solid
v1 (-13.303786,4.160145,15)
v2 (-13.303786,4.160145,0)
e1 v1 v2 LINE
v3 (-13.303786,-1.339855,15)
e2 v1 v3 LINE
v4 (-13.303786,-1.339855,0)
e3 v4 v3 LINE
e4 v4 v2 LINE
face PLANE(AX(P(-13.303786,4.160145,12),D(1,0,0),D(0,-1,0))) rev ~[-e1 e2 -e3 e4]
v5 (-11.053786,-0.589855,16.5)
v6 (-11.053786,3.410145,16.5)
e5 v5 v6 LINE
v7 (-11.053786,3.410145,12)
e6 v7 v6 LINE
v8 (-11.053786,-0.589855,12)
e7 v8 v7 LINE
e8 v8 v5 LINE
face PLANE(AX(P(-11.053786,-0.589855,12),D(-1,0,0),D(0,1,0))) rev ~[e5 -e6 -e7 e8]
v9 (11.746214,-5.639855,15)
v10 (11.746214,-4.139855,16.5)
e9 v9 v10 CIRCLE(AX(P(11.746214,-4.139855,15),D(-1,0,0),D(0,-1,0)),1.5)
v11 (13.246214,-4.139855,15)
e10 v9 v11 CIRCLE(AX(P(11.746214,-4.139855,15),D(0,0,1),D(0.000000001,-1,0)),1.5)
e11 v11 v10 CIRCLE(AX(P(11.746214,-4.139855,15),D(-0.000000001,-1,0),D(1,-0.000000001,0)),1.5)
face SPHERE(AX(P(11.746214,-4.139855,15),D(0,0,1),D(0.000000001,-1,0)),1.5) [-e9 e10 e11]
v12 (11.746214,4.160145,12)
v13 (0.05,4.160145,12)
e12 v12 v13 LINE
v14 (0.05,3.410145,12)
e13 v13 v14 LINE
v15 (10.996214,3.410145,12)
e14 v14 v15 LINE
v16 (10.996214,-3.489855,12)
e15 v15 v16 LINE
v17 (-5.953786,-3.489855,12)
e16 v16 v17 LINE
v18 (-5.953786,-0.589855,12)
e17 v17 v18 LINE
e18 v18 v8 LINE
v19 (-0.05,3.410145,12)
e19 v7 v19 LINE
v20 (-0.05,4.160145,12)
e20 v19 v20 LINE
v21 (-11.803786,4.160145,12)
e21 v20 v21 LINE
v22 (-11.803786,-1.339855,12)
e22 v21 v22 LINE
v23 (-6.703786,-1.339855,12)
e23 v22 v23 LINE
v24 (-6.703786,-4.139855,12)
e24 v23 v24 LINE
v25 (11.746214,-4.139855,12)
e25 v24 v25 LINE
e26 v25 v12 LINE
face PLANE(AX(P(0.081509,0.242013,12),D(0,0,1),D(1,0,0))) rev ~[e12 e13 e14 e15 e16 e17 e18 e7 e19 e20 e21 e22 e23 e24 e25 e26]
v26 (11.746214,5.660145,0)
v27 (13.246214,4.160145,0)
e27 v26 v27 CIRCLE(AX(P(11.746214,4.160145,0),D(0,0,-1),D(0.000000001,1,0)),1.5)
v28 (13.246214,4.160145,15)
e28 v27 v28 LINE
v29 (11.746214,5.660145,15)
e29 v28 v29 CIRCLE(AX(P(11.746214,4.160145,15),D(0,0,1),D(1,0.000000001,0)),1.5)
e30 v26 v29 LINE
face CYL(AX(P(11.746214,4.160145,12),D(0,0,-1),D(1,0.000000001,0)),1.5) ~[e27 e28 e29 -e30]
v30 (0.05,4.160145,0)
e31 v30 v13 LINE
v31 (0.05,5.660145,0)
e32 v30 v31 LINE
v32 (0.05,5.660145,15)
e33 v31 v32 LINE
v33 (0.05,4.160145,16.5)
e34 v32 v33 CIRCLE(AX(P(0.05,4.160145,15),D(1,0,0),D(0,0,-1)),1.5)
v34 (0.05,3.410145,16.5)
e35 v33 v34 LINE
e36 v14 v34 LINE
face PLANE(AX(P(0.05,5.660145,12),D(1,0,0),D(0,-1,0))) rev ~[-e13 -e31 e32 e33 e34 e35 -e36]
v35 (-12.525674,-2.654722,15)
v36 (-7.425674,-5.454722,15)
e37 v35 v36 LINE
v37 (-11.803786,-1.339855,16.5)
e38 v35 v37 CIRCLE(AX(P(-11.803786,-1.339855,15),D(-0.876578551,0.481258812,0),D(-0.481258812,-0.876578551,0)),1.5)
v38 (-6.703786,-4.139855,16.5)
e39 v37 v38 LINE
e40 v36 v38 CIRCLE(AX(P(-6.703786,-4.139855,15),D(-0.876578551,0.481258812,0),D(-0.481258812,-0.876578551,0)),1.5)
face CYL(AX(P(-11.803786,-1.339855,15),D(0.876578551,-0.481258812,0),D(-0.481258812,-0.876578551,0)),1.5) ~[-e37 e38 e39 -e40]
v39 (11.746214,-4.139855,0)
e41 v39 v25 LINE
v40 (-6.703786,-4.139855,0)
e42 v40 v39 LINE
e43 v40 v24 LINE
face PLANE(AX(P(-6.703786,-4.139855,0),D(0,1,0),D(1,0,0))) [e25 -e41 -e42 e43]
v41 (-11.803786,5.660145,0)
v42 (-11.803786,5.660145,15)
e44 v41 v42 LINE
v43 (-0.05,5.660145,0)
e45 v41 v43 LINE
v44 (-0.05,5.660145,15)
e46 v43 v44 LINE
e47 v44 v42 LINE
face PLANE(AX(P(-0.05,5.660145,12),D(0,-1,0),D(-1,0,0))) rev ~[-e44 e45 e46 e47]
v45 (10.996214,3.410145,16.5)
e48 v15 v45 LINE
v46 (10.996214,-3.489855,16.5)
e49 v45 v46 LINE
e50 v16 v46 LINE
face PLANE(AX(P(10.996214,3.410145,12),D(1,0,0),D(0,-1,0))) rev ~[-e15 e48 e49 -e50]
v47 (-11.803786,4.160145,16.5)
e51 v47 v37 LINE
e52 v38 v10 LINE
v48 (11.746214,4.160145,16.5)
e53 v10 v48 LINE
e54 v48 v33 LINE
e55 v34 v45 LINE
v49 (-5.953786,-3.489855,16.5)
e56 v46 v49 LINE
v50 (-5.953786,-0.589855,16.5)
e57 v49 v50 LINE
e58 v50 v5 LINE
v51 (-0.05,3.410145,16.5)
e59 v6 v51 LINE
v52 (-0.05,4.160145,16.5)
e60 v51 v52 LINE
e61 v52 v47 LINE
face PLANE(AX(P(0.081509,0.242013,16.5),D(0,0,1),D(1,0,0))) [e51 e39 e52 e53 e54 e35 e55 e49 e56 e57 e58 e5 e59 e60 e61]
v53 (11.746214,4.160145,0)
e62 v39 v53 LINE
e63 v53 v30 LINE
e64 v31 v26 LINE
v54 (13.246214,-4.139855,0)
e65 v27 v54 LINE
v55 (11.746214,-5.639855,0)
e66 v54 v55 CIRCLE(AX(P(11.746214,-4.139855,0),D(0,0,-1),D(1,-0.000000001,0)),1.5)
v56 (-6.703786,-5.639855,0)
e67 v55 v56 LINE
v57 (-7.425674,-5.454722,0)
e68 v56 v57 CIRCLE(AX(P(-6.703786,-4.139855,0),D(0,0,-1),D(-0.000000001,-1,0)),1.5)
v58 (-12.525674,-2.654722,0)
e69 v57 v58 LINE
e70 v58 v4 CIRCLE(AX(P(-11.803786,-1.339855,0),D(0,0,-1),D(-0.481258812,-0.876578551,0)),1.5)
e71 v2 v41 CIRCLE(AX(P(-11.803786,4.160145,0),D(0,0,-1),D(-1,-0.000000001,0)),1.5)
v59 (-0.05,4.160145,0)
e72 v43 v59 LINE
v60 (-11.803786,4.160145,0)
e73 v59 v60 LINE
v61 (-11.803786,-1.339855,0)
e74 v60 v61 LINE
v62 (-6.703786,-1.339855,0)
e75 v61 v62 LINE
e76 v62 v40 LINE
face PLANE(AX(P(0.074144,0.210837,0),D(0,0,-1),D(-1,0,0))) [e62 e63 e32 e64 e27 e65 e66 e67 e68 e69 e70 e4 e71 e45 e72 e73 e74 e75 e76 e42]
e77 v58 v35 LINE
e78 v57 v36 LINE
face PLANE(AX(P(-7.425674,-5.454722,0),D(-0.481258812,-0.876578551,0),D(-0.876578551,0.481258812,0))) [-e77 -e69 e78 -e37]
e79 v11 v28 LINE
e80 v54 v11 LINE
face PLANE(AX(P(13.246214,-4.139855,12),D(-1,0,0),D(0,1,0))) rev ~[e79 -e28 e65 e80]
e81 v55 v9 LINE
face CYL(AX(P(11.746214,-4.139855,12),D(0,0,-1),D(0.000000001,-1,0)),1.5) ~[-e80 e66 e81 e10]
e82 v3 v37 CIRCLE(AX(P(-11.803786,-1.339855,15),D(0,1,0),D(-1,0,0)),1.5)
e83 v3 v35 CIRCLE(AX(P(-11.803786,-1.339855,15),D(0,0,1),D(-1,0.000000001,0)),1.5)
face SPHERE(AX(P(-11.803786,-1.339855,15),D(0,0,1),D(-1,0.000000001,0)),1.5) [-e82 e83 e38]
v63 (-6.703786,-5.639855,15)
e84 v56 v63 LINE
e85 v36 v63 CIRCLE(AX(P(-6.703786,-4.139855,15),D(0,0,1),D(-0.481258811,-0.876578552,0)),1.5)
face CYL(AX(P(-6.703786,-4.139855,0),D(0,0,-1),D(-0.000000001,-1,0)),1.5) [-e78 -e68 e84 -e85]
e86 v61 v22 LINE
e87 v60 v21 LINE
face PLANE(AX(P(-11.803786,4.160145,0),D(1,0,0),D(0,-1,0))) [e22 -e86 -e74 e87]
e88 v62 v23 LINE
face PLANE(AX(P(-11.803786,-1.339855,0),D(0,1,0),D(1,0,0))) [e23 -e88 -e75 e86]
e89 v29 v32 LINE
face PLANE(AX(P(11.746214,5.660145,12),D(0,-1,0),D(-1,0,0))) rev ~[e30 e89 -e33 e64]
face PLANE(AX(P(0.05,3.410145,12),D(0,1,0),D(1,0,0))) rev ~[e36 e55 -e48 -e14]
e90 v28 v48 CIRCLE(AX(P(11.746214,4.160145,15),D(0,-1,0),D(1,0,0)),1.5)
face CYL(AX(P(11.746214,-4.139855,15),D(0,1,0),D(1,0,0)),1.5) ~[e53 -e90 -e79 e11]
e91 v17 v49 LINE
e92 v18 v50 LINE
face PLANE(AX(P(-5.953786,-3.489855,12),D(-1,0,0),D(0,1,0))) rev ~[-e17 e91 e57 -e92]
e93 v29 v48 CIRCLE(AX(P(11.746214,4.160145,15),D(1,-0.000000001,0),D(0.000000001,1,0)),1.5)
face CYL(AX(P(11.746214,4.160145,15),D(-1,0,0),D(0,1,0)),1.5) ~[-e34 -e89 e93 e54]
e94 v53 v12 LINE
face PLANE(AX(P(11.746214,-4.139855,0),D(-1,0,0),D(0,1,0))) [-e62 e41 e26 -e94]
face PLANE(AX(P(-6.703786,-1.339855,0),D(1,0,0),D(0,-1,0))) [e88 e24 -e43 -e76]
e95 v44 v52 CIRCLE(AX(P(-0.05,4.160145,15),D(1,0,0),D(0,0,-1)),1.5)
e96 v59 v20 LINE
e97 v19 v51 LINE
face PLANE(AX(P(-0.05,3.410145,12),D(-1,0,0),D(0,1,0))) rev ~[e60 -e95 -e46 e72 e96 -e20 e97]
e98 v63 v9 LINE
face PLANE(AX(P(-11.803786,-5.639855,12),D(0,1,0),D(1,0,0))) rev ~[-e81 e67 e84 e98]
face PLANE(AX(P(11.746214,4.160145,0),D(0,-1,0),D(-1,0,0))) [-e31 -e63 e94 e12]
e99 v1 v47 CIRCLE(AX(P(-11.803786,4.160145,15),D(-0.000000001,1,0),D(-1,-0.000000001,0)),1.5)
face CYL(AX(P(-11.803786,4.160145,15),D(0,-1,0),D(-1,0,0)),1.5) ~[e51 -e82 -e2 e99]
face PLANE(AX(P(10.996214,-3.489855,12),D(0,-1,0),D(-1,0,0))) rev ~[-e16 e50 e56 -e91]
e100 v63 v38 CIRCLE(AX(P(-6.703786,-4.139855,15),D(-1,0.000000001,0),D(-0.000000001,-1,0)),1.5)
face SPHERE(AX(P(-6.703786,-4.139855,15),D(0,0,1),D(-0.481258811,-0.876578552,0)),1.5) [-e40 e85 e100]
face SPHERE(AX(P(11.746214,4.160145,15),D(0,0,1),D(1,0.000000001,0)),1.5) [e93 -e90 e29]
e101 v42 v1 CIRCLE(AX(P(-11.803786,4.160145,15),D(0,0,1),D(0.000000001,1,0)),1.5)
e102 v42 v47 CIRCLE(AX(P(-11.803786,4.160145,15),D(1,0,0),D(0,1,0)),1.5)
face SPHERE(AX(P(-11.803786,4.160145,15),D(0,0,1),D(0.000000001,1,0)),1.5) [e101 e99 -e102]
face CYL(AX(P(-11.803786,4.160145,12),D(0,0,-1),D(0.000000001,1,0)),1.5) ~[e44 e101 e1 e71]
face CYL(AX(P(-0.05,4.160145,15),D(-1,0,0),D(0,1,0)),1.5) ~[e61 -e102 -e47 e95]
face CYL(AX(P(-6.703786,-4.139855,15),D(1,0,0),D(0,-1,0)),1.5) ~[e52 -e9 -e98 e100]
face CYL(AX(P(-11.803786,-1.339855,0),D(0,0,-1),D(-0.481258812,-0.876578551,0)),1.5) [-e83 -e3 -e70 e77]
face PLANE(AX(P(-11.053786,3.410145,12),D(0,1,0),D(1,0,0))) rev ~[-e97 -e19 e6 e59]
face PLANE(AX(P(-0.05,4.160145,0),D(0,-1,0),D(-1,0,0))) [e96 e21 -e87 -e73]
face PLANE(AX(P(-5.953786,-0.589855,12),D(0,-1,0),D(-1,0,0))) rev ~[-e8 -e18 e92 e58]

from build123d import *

# Parameters (mm, degrees)
SALIENTE_EXTRUIR1_DEPTH = 12
SALIENTE_EXTRUIR2_DEPTH = 4.5
CORTAR_EXTRUIR1_DEPTH   = 17
REDONDEO1_R             = 1.5


with BuildPart() as part:
    # Croquis1 → Saliente-Extruir1 (new body)
    with BuildSketch(Plane.XY):
        with BuildLine():
            Line((-6.703786212, -4.139854541), (11.746213788, -4.139854541))
            Line((11.746213788, -4.139854541), (11.746213788, 4.160145459))
            Line((11.746213788, 4.160145459), (0.05, 4.160145459))
            Line((0.05, 4.160145459), (0.05, 5.660145459))
            Line((0.05, 5.660145459), (11.746213788, 5.660145459))
            ThreePointArc((11.746213788, 5.660145459), (12.806873959, 5.220805631), (13.246213788, 4.160145459))
            Line((13.246213788, 4.160145459), (13.246213788, -4.139854541))
            ThreePointArc((13.246213788, -4.139854541), (12.806873959, -5.200514713), (11.746213788, -5.639854541))
            Line((11.746213788, -5.639854541), (-11.803786212, -5.639854541))
            ThreePointArc((-11.803786212, -5.639854541), (-12.864446384, -5.200514713), (-13.303786212, -4.139854541))
            Line((-13.303786212, -4.139854541), (-13.303786212, 4.160145459))
            ThreePointArc((-13.303786212, 4.160145459), (-12.864446384, 5.220805631), (-11.803786212, 5.660145459))
            Line((-11.803786212, 5.660145459), (-0.05, 5.660145459))
            Line((-0.05, 5.660145459), (-0.05, 4.160145459))
            Line((-0.05, 4.160145459), (-11.803786212, 4.160145459))
            Line((-11.803786212, 4.160145459), (-11.803786212, -1.339854541))
            Line((-11.803786212, -1.339854541), (-6.703786212, -1.339854541))
            Line((-6.703786212, -1.339854541), (-6.703786212, -4.139854541))
        make_face()
    extrude(amount=SALIENTE_EXTRUIR1_DEPTH)

    # Croquis2 → Saliente-Extruir2 (add)
    with BuildSketch(Plane.XY.offset(12)):
        with BuildLine():
            Line((-11.803786212, -5.639854541), (11.746213788, -5.639854541))
            ThreePointArc((11.746213788, -5.639854541), (12.806873959, -5.200514713), (13.246213788, -4.139854541))
            Line((13.246213788, -4.139854541), (13.246213788, 4.160145459))
            ThreePointArc((13.246213788, 4.160145459), (12.806873959, 5.220805631), (11.746213788, 5.660145459))
            Line((11.746213788, 5.660145459), (0.05, 5.660145459))
            Line((0.05, 5.660145459), (0.05, 3.410145459))
            Line((0.05, 3.410145459), (10.996213788, 3.410145459))
            Line((10.996213788, 3.410145459), (10.996213788, -3.489854541))
            Line((10.996213788, -3.489854541), (-5.953786212, -3.489854541))
            Line((-5.953786212, -3.489854541), (-5.953786212, -0.589854541))
            Line((-5.953786212, -0.589854541), (-11.053786212, -0.589854541))
            Line((-11.053786212, -0.589854541), (-11.053786212, 3.410145459))
            Line((-11.053786212, 3.410145459), (-10.745057731, 3.410145459))
            Line((-10.745057731, 3.410145459), (-0.05, 3.410145459))
            Line((-0.05, 3.410145459), (-0.05, 5.660145459))
            Line((-0.05, 5.660145459), (-11.803786212, 5.660145459))
            ThreePointArc((-11.803786212, 5.660145459), (-12.864446384, 5.220805631), (-13.303786212, 4.160145459))
            Line((-13.303786212, 4.160145459), (-13.303786212, -4.139854541))
            ThreePointArc((-13.303786212, -4.139854541), (-12.864446384, -5.200514713), (-11.803786212, -5.639854541))
        make_face()
    extrude(amount=SALIENTE_EXTRUIR2_DEPTH)

    # Croquis3 → Cortar-Extruir1 (cut)
    with BuildSketch(Plane(origin=(0, 0, 0), x_dir=(-1, 0, 0), z_dir=(0, 0, -1))):
        with BuildLine():
            Line((7.425674431, -5.454722367), (12.525674431, -2.654722367))
            ThreePointArc((12.525674431, -2.654722367), (13.094683638, -2.103781132), (13.303786212, -1.339854541))
            Line((13.303786212, -1.339854541), (14.985773561, -1.339854541))
            Line((14.985773561, -1.339854541), (14.985773561, -7.3319768))
            Line((14.985773561, -7.3319768), (6.703786212, -7.3319768))
            Line((6.703786212, -7.3319768), (6.703786212, -5.639854541))
            ThreePointArc((6.703786212, -5.639854541), (7.076410863, -5.592834537), (7.425674431, -5.454722367))
        make_face()
    extrude(amount=-CORTAR_EXTRUIR1_DEPTH, mode=Mode.SUBTRACT)

    # Redondeo1
    redondeo1_edges = [part.edges().sort_by_distance(p)[0] for p in [
        (12.806873959, -5.200514713, 16.5),
        (13.246213788, 0.010145459, 16.5),
        (12.806873959, 5.220805631, 16.5),
        (5.898106894, 5.660145459, 16.5),
        (-5.926893106, 5.660145459, 16.5),
        (-12.864446384, 5.220805631, 16.5),
        (-13.303786212, 1.410145459, 16.5),
        (2.521213788, -5.639854541, 16.5),
        (-13.094683638, -2.103781132, 16.5),
        (-9.975674431, -4.054722367, 16.5),
        (-7.076410863, -5.592834537, 16.5),
    ]]
    fillet(redondeo1_edges, radius=REDONDEO1_R)


solid = part.part
